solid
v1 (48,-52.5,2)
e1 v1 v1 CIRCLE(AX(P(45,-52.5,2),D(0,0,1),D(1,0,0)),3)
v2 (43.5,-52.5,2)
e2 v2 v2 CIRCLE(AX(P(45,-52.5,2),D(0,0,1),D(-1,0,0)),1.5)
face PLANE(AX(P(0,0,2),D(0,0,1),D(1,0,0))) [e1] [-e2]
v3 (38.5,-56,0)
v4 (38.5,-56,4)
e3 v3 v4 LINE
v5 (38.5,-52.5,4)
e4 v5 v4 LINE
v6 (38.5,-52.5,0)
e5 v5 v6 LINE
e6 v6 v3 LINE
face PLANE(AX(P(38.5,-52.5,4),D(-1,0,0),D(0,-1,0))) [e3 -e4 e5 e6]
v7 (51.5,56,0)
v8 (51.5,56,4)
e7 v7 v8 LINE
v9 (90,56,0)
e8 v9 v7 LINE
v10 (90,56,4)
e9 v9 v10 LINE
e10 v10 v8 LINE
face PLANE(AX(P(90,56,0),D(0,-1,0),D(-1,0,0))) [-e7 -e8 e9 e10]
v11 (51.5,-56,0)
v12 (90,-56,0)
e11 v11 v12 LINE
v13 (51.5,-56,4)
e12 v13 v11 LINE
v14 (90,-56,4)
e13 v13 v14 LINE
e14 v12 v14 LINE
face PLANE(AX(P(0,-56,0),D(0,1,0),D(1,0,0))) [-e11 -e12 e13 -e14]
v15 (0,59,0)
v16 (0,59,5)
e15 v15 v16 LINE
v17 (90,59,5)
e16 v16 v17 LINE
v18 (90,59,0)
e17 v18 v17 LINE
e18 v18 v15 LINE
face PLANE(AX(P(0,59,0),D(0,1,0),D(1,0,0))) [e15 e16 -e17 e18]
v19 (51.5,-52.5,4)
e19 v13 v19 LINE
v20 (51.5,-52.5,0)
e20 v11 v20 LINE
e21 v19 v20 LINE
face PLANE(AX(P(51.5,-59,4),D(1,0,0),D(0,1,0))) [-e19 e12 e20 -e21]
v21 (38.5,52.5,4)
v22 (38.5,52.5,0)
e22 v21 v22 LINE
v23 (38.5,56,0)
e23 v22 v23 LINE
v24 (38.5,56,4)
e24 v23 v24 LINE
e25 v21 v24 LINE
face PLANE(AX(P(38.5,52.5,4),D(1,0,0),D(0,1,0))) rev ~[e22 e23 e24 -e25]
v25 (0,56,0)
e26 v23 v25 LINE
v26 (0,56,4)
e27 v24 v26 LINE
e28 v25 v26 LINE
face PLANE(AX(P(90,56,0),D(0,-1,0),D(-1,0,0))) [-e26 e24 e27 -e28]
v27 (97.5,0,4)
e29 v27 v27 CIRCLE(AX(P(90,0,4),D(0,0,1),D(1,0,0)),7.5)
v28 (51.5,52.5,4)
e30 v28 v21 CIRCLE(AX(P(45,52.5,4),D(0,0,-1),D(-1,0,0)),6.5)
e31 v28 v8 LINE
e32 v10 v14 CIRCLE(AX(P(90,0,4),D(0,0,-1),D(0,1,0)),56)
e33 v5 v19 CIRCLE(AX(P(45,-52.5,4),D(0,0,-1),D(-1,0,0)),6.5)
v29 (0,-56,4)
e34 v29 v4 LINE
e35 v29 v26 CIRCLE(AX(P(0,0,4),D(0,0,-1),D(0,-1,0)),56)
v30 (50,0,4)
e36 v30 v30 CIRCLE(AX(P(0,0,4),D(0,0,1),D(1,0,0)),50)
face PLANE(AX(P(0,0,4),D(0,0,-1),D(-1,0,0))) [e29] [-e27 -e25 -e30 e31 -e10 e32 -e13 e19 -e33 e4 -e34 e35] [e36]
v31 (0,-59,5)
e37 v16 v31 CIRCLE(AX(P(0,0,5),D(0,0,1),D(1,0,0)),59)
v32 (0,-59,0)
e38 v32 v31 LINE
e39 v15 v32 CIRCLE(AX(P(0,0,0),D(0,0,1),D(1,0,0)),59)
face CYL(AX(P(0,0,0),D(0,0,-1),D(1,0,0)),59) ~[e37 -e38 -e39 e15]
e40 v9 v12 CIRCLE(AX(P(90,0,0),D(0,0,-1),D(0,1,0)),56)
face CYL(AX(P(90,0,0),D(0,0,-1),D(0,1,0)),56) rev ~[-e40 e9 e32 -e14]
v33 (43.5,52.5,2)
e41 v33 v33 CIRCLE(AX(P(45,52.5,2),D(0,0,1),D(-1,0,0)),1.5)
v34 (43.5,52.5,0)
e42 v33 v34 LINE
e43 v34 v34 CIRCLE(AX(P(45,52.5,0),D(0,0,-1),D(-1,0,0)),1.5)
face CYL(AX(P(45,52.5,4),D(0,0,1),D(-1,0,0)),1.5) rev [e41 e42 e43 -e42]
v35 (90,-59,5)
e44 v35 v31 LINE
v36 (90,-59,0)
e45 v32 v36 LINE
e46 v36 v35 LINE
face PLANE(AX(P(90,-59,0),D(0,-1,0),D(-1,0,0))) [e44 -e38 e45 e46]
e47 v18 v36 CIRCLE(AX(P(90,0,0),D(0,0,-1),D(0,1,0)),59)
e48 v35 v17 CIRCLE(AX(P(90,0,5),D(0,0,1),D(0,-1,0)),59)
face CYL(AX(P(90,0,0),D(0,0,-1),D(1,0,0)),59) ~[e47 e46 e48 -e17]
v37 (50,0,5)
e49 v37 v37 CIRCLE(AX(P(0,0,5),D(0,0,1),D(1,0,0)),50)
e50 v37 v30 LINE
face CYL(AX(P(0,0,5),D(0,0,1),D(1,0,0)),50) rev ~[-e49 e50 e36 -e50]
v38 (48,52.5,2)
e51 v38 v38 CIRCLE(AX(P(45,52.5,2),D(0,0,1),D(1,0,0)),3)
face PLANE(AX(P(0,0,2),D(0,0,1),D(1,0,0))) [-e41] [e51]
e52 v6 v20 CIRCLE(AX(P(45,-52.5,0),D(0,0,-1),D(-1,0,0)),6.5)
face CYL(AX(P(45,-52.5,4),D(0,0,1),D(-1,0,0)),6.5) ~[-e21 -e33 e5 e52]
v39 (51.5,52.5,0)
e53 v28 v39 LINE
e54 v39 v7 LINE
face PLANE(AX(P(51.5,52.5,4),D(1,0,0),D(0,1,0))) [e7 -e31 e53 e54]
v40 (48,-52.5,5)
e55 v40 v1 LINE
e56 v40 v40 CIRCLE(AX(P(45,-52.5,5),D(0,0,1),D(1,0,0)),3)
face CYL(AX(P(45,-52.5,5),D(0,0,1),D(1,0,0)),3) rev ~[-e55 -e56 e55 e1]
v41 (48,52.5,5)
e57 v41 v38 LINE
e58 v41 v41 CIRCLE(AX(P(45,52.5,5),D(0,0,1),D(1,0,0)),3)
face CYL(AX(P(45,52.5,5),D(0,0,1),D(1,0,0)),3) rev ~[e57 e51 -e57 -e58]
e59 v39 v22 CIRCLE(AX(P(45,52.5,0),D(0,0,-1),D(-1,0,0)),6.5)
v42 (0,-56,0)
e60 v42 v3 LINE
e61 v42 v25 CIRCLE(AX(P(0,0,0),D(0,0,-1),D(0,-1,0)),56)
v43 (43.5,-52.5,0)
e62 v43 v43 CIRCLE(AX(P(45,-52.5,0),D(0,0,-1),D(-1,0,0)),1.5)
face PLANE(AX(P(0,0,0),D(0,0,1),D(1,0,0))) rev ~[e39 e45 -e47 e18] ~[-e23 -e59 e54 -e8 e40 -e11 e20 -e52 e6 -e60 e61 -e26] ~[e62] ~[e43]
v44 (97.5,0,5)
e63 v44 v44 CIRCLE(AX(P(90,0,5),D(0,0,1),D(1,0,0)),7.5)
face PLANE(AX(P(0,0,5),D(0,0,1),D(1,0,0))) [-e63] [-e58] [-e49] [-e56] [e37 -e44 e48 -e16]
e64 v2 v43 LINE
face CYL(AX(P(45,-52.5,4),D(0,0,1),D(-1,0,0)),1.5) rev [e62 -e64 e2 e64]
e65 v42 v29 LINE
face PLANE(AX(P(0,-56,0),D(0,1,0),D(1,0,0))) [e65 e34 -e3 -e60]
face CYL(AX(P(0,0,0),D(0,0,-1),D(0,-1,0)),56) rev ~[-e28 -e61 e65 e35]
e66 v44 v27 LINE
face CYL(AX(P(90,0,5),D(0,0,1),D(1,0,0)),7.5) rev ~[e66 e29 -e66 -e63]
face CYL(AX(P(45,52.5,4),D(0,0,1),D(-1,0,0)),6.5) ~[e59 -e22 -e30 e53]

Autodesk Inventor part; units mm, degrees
ref_plane "YZ Plane" through (0, 0, 0) normal (1, 0, 0) x (0, 1, 0)
ref_plane "XZ Plane" through (0, 0, 0) normal (0, 1, 0) x (-1, 0, 0)
ref_plane "XY Plane" through (0, 0, 0) normal (0, 0, 1) x (1, 0, 0)
sketch "Sketch1" plane through (0, 0, 0) normal (0, 0, 1) x (1, 0, 0)
  circle A0 centre (0, 0) radius 59
  circle A1 centre (90, 0) radius 59
  line L0 (0, 59) -> (90, 59)
  line L1 (90, -59) -> (0, -59)
  dimension "d0" = 118
  dimension "d1" = 118
  dimension "d2" = 90
extrude "Extrusion1" add sketch "Sketch1" along normal blind 5
sketch "Sketch2" plane through (0, 0, 0) normal (0, 0, -1) x (-1, 0, 0)
  arc A0 (0, -59) -> (0, 59) centre (0, 0) ccw projected
  line L0 (-90, 59) -> (0, 59) projected
  arc A1 (-90, 59) -> (-90, -59) centre (-90, 0) ccw projected
  line L1 (0, -59) -> (-90, -59) projected
  arc A2 (0, -56) -> (0, 56) centre (0, 0) ccw
  line L2 (0, -56) -> (-90, -56)
  arc A3 (-90, 56) -> (-90, -56) centre (-90, 0) ccw
  line L3 (-90, 56) -> (0, 56)
  dimension "d5" = 3
extrude "Extrusion2" cut sketch "Sketch2" against normal blind 4 contours L2 A3 L3 A2
sketch "Sketch3" plane through (0, 0, 5) normal (0, 0, 1) x (1, 0, 0)
  circle A0 centre (90, 0) radius 7.5
  arc A1 (90, -59) -> (90, 59) centre (90, 0) ccw projected
  circle A2 centre (0, 0) radius 50
  dimension "d8" = 15
  dimension "d9" = 100
extrude "Extrusion3" cut sketch "Sketch3" against normal through all
sketch "Sketch4" plane through (0, 0, 5) normal (0, 0, 1) x (1, 0, 0)
  line L0 (45, 52.5) -> (45, -52.5) construction
  line L1 (90, 59) -> (0, 59) construction
  circle A0 centre (45, 52.5) radius 1.5
  circle A1 centre (45, -52.5) radius 1.5
  point P0 (0, 0)
  point P1 (45, 0)
  point P2 (45, 59)
  dimension "d12" = 105
  dimension "d13" = 3
  dimension "d14" = 3
extrude "Extrusion4" cut sketch "Sketch4" against normal through all
sketch "Sketch5" plane through (0, 0, 4) normal (0, 0, -1) x (-1, 0, 0)
  circle A0 centre (-45, -52.5) radius 1.5 projected
  circle A1 centre (-45, 52.5) radius 1.5 projected
  circle A2 centre (-45, 52.5) radius 6.5
  line L0 (-38.5, 52.5) -> (-38.5, 59)
  line L1 (-51.5, 52.5) -> (-51.5, 59)
  line L2 (-90, 59) -> (0, 59) projected
  line L3 (-38.5, 59) -> (-51.5, 59)
  line L4 (-51.5, 59) -> (-38.5, 59)
  circle A3 centre (-45, -52.5) radius 6.5
  line L5 (-38.5, -52.5) -> (-38.5, -59)
  line L6 (0, -59) -> (-90, -59) projected
  line L7 (-38.5, -59) -> (-51.5, -59)
  line L8 (-51.5, -59) -> (-51.5, -52.5)
  point P0 (0, 0)
  dimension "d17" = 13
  dimension "d18" = 13
extrude "Extrusion5" add sketch "Sketch5" along normal blind 4
sketch "Sketch6" plane through (0, 0, 5) normal (0, 0, 1) x (1, 0, 0)
  circle A0 centre (45, -52.5) radius 1.5 projected
  circle A1 centre (45, 52.5) radius 1.5 projected
  circle A2 centre (45, 52.5) radius 1.5 projected
  circle A3 centre (45, 52.5) radius 3
  circle A4 centre (45, -52.5) radius 3
  point P0 (0, 0)
  dimension "d21" = 6
  dimension "d22" = 6
extrude "Extrusion6" cut sketch "Sketch6" against normal blind 3 contours A0 | A1 | A3 | A4
properties part number "HA013" material "ABS Plastic"
